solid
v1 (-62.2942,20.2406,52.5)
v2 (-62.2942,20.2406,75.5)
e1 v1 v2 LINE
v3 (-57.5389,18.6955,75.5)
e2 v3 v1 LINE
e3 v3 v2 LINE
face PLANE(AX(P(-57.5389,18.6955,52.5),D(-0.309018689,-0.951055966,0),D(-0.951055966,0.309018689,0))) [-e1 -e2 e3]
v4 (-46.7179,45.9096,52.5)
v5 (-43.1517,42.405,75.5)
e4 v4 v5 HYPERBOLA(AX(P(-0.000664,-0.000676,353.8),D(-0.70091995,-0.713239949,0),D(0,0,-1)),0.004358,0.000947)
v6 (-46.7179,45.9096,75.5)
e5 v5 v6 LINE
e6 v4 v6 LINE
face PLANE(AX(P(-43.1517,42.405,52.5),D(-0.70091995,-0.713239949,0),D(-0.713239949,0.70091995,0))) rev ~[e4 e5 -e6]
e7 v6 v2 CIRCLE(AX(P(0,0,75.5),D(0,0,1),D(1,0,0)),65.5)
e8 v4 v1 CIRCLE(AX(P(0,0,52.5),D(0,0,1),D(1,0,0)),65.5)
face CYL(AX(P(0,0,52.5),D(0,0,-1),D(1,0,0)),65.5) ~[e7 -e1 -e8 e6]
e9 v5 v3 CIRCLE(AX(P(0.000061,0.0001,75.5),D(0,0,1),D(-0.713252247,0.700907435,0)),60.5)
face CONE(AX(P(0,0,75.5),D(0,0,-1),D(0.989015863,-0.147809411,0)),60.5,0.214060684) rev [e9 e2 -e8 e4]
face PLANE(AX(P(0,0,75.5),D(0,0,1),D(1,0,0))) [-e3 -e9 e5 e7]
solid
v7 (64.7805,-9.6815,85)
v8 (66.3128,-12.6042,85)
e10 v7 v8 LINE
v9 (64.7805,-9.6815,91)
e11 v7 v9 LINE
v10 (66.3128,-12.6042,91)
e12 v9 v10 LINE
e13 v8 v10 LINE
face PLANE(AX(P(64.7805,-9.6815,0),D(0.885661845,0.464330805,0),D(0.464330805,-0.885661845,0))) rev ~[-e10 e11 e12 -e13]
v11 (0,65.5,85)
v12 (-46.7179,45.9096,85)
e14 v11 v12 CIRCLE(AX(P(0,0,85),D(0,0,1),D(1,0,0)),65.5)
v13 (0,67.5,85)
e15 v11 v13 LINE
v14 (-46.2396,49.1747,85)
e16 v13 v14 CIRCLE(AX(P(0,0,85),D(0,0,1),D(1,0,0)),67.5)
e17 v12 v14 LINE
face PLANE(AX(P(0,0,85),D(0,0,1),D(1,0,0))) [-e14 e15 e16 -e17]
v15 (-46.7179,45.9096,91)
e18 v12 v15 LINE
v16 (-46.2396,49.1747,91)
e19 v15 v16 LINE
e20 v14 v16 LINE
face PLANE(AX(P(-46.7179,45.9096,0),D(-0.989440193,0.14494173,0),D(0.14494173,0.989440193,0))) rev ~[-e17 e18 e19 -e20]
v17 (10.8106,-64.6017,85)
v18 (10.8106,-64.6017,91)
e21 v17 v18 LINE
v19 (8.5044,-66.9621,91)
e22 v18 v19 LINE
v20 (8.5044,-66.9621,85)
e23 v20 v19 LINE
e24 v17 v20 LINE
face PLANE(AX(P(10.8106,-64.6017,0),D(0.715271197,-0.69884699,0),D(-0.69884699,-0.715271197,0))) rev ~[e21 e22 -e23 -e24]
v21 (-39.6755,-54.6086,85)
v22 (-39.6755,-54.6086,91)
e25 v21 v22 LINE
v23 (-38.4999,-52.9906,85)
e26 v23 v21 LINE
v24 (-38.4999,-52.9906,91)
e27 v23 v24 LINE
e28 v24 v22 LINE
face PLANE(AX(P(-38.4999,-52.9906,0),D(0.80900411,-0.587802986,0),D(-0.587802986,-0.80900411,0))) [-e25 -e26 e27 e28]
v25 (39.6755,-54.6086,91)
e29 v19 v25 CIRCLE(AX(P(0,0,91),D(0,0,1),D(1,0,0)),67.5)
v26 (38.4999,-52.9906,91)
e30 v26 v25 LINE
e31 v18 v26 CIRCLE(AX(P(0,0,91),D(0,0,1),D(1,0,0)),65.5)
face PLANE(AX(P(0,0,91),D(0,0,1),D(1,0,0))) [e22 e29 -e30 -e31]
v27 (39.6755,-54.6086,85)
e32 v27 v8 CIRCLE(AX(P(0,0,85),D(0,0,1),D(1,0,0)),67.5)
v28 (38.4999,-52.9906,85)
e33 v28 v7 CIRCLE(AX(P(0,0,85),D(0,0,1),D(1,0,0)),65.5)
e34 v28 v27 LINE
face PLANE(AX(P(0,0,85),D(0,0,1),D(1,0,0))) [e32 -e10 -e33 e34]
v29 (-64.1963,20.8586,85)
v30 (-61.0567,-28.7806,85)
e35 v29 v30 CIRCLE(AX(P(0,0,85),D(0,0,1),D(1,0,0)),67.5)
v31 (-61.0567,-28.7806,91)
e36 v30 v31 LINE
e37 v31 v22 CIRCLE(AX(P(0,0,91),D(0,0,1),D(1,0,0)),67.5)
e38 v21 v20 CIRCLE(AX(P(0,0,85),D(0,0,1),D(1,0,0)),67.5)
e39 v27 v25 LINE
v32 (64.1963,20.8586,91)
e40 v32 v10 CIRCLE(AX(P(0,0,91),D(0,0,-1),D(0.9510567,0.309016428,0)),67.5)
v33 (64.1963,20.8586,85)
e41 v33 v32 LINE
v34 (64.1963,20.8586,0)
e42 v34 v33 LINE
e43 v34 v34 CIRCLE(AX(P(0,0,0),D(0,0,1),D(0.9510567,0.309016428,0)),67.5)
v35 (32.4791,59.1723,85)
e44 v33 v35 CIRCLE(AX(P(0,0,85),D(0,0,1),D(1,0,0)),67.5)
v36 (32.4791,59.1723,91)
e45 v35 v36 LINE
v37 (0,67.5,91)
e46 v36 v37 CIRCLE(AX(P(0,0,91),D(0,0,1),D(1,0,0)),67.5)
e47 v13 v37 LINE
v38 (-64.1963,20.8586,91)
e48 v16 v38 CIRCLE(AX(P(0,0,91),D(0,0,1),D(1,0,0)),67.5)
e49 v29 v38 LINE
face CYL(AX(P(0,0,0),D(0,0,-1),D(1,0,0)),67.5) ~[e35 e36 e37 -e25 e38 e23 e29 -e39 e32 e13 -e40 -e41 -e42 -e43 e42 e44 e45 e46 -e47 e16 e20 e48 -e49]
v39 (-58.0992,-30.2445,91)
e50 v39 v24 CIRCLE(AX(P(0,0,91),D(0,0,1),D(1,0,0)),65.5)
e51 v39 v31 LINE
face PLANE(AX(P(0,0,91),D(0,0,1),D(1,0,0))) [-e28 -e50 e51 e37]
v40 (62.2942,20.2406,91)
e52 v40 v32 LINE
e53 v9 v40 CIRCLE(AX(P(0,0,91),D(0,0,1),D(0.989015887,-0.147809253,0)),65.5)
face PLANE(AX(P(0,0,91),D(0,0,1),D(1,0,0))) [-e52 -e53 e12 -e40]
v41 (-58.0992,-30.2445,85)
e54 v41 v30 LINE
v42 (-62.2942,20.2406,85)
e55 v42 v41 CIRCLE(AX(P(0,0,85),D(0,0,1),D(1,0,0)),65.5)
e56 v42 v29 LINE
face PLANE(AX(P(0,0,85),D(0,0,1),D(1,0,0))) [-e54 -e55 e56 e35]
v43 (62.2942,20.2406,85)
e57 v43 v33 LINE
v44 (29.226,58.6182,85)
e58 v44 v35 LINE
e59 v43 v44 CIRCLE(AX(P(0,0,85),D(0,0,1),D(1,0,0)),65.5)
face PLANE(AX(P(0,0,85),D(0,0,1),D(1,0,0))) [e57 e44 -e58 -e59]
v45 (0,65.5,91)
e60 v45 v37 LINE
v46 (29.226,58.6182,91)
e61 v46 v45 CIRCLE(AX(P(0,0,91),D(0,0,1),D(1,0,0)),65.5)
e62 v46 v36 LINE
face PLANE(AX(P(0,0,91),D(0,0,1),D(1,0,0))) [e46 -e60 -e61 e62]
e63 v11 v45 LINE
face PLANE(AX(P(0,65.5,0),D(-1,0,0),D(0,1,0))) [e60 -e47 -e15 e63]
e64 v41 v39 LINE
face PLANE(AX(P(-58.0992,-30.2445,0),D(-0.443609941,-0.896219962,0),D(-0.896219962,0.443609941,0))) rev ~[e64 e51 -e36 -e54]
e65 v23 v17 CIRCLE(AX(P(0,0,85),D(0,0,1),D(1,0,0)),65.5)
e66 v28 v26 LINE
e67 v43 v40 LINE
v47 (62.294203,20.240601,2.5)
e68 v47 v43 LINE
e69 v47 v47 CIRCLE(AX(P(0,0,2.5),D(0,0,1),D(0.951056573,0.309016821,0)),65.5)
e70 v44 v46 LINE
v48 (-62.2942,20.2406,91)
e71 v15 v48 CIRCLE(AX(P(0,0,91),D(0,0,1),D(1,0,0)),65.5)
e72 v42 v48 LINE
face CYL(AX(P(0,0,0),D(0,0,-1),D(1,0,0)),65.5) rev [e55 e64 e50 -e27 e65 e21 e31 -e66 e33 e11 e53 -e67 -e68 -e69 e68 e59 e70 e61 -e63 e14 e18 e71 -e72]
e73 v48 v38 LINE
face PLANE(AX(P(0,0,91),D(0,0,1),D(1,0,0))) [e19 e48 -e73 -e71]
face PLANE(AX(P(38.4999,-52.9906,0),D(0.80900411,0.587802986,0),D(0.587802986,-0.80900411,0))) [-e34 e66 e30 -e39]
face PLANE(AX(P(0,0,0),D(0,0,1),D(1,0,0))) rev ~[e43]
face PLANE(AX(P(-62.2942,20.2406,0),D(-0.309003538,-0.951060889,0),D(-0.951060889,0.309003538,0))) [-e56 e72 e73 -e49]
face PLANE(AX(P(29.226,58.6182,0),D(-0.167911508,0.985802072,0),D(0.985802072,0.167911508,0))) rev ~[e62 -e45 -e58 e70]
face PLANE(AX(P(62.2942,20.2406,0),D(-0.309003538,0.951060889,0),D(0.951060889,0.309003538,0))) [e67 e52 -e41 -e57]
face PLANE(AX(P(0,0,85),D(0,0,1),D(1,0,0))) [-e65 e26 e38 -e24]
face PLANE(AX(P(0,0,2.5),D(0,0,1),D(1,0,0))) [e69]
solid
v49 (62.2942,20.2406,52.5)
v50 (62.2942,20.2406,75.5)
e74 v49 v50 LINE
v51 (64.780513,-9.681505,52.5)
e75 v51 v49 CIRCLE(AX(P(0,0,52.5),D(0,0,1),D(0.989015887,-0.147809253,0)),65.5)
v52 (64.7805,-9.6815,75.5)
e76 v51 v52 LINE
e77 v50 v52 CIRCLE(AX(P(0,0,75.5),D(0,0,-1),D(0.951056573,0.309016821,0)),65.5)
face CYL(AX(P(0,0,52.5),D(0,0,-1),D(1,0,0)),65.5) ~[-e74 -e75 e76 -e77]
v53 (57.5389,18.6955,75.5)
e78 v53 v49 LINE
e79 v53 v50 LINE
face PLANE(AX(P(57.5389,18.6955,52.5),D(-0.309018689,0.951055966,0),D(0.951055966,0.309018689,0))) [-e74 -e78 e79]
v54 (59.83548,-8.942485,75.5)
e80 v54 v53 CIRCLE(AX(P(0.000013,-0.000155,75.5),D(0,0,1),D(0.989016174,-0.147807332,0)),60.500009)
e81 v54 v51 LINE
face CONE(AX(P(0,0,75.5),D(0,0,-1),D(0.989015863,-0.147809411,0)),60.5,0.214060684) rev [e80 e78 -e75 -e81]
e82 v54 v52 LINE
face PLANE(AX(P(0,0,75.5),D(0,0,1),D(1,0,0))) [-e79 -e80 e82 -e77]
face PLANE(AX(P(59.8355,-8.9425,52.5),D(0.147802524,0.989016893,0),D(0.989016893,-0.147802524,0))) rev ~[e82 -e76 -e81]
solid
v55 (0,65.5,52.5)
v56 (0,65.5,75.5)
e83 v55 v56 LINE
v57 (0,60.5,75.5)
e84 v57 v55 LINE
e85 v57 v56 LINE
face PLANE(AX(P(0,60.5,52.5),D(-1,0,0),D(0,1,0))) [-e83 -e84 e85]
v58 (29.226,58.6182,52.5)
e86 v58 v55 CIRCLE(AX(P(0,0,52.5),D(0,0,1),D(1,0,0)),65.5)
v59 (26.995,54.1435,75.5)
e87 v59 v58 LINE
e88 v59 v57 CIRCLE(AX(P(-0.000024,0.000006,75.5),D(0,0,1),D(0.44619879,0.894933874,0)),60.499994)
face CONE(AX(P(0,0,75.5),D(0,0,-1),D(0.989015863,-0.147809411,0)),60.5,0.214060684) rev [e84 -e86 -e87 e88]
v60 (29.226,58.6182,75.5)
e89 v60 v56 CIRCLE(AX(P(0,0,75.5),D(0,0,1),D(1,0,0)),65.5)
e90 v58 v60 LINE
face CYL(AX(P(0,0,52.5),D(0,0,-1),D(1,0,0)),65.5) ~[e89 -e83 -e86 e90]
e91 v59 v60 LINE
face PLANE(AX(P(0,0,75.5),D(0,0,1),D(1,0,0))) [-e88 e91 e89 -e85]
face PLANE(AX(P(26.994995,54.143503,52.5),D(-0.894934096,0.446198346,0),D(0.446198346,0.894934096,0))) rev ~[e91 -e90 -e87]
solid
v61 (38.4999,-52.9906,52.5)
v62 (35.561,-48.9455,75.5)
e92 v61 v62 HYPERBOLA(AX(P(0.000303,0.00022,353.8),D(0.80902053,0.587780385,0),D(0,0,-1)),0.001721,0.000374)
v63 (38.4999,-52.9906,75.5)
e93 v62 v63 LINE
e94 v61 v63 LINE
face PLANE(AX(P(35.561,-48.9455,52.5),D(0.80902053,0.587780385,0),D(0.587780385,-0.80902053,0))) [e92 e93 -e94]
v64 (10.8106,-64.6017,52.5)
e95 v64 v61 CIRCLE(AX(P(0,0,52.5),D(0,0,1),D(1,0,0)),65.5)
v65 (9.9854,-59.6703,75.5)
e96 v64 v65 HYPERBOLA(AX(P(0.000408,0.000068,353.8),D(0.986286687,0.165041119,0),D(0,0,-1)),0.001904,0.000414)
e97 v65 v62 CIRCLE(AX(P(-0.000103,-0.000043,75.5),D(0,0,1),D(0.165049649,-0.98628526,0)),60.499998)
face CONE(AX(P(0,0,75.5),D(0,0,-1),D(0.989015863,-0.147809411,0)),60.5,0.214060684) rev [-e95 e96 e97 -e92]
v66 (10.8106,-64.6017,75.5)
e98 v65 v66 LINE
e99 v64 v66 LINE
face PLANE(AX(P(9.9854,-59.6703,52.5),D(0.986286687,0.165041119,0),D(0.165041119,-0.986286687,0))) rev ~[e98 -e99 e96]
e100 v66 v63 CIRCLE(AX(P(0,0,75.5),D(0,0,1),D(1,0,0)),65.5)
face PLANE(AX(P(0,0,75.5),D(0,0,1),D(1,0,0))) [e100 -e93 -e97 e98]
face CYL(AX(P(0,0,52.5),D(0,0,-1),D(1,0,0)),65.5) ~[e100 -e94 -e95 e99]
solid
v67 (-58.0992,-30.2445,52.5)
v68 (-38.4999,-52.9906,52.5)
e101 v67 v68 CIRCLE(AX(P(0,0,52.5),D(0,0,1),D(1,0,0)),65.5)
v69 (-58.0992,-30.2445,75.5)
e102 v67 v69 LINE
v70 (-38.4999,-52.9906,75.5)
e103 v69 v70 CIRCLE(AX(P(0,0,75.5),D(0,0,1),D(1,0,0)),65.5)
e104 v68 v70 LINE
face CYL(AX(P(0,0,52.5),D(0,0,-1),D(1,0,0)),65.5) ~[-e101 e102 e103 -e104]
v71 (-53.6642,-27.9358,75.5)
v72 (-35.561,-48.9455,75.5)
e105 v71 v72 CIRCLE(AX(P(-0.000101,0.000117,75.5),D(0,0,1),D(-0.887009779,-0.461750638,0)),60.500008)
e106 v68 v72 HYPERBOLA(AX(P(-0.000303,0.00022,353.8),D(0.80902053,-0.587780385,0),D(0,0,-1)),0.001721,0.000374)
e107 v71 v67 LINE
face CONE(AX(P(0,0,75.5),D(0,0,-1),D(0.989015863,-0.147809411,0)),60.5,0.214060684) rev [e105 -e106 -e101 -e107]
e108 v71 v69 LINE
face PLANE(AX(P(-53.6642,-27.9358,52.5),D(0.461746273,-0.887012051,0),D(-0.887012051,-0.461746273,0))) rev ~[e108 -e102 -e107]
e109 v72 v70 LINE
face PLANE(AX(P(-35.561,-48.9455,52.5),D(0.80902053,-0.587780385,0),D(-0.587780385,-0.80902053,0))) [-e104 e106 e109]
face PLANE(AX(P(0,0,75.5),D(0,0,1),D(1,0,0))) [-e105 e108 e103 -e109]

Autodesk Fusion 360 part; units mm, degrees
sketch "Sketch1" plane through (0, 0, 0) normal (0, 0, 1) x (1, 0, 0)
  circle A0 centre (0, 0) radius 65.5
  circle A1 centre (0, 0) radius 67.5
  line L0 (0, 0) -> (0, 65.5)
  line L1 (0, 0) -> (29.226, 58.6182)
  line L2 (29.226, 58.6182) -> (32.4791, 59.1723)
  line L3 (0, 65.5) -> (0, 67.5)
  line L4 (-62.2942, 20.2406) -> (-64.1963, 20.8586)
  line L5 (-46.7179, 45.9096) -> (-46.2396, 49.1747)
  line L6 (-38.4999, -52.9906) -> (-39.6755, -54.6086)
  line L7 (-58.0992, -30.2445) -> (-61.0567, -28.7806)
  line L8 (38.4999, -52.9906) -> (39.6755, -54.6086)
  line L9 (10.8106, -64.6017) -> (8.5044, -66.9621)
  line L10 (62.2942, 20.2406) -> (64.1963, 20.8586)
  line L11 (64.7805, -9.6815) -> (66.3128, -12.6042)
  line L12 (0, 60.5) -> (0, 65.5)
  line L13 (26.995, 54.1435) -> (29.226, 58.6182)
  arc A2 (26.995, 54.1435) -> (0, 60.5) centre (0, 0) ccw
  line L14 (-57.5389, 18.6955) -> (-62.2942, 20.2406)
  arc A3 (-43.1517, 42.405) -> (-57.5389, 18.6955) centre (0, 0) ccw
  line L15 (-43.1517, 42.405) -> (-46.7179, 45.9096)
  line L16 (-35.561, -48.9455) -> (-38.4999, -52.9906)
  arc A4 (-53.6642, -27.9358) -> (-35.561, -48.9455) centre (0, 0) ccw
  line L17 (-53.6642, -27.9358) -> (-58.0992, -30.2445)
  line L18 (35.561, -48.9455) -> (38.4999, -52.9906)
  arc A5 (9.9854, -59.6703) -> (35.561, -48.9455) centre (0, 0) ccw
  line L19 (9.9854, -59.6703) -> (10.8106, -64.6017)
  line L20 (57.5389, 18.6955) -> (62.2942, 20.2406)
  arc A6 (59.8355, -8.9425) -> (57.5389, 18.6955) centre (0, 0) ccw
  line L21 (59.8355, -8.9425) -> (64.7805, -9.6815)
  dimension "d1" = 131
  dimension "d2" = 135
  dimension "d3" = 26.5
  dimension "d4" = 3.3
  dimension "d8" = 360
  dimension "d13" = 121
  dimension "d15" = 360
extrude "Extrude1" add sketch "Sketch1" along normal blind 2.5 contours A0 L20 A6 L21 | A0 L0 L1 L12 L13 L14 A3 L15 L16 A4 L17 L18 A5 L19 L20 A6 L21 | A0 L0 L1 L12 L13 A2 | A0 L18 A5 L19 | L0 L1 A2 | A0 L14 A3 L15 | A0 L16 A4 L17 makes body 1
extrude "Extrude2" add sketch "Sketch1" along normal blind 85 contours A0 A1 L2 L10 | A0 A1 L8 L11 | A0 A1 L3 L5 | A0 A1 L6 L9 | A0 A1 L4 L7 bodies 1
extrude "Extrude3" add sketch "Sketch1" along normal blind 91 contours A0 A1 L10 L11 | A0 A1 L2 L3 | A0 A1 L8 L9 | A0 A1 L4 L5 | A0 A1 L6 L7 bodies 1
extrude "Extrude4" add sketch "Sketch1" along normal blind 23 from surface at 52.5 separate body contours A0 L20 A6 L21 | A0 L0 L1 L12 L13 A2 | A0 L18 A5 L19 | A0 L14 A3 L15 | A0 L16 A4 L17 makes body 2 at (-40.5132, -51.4677, 67.8333) makes body 3 at (-48.4522, 44.0753, 67.8333) makes body 4 at (22.9832, -61.3353, 67.8333) makes body 5 at (2.5239, 65.4514, 67.8333) makes body 6 at (65.3337, -4.6641, 67.8333)
sketch "Sketch2" plane through (0, 0, 0) normal (-0.1478, -0.989, 0) x (0.989, -0.1478, 0)
  line L0 (60.5, 52.5) -> (65.5, 52.5)
  line L1 (65.5, 52.5) -> (65.5, 75.5)
  line L2 (65.5, 75.5) -> (60.5, 75.5)
  line L3 (60.5, 75.5) -> (60.5, 52.5)
  line L4 (60.5, 75.5) -> (65.5, 52.5)
revolve "Revolve1" cut sketch "Sketch2" angle 360 about axis through (0, 0, 1.75) along (0, 0, 1) contours L0 L3 L4 bodies 2 3 4 5 6
equation "d1 = ( 65.5 * 2 ) * 1 mm"
equation "d2 = ( 67.5 * 2 ) * 1 mm"
